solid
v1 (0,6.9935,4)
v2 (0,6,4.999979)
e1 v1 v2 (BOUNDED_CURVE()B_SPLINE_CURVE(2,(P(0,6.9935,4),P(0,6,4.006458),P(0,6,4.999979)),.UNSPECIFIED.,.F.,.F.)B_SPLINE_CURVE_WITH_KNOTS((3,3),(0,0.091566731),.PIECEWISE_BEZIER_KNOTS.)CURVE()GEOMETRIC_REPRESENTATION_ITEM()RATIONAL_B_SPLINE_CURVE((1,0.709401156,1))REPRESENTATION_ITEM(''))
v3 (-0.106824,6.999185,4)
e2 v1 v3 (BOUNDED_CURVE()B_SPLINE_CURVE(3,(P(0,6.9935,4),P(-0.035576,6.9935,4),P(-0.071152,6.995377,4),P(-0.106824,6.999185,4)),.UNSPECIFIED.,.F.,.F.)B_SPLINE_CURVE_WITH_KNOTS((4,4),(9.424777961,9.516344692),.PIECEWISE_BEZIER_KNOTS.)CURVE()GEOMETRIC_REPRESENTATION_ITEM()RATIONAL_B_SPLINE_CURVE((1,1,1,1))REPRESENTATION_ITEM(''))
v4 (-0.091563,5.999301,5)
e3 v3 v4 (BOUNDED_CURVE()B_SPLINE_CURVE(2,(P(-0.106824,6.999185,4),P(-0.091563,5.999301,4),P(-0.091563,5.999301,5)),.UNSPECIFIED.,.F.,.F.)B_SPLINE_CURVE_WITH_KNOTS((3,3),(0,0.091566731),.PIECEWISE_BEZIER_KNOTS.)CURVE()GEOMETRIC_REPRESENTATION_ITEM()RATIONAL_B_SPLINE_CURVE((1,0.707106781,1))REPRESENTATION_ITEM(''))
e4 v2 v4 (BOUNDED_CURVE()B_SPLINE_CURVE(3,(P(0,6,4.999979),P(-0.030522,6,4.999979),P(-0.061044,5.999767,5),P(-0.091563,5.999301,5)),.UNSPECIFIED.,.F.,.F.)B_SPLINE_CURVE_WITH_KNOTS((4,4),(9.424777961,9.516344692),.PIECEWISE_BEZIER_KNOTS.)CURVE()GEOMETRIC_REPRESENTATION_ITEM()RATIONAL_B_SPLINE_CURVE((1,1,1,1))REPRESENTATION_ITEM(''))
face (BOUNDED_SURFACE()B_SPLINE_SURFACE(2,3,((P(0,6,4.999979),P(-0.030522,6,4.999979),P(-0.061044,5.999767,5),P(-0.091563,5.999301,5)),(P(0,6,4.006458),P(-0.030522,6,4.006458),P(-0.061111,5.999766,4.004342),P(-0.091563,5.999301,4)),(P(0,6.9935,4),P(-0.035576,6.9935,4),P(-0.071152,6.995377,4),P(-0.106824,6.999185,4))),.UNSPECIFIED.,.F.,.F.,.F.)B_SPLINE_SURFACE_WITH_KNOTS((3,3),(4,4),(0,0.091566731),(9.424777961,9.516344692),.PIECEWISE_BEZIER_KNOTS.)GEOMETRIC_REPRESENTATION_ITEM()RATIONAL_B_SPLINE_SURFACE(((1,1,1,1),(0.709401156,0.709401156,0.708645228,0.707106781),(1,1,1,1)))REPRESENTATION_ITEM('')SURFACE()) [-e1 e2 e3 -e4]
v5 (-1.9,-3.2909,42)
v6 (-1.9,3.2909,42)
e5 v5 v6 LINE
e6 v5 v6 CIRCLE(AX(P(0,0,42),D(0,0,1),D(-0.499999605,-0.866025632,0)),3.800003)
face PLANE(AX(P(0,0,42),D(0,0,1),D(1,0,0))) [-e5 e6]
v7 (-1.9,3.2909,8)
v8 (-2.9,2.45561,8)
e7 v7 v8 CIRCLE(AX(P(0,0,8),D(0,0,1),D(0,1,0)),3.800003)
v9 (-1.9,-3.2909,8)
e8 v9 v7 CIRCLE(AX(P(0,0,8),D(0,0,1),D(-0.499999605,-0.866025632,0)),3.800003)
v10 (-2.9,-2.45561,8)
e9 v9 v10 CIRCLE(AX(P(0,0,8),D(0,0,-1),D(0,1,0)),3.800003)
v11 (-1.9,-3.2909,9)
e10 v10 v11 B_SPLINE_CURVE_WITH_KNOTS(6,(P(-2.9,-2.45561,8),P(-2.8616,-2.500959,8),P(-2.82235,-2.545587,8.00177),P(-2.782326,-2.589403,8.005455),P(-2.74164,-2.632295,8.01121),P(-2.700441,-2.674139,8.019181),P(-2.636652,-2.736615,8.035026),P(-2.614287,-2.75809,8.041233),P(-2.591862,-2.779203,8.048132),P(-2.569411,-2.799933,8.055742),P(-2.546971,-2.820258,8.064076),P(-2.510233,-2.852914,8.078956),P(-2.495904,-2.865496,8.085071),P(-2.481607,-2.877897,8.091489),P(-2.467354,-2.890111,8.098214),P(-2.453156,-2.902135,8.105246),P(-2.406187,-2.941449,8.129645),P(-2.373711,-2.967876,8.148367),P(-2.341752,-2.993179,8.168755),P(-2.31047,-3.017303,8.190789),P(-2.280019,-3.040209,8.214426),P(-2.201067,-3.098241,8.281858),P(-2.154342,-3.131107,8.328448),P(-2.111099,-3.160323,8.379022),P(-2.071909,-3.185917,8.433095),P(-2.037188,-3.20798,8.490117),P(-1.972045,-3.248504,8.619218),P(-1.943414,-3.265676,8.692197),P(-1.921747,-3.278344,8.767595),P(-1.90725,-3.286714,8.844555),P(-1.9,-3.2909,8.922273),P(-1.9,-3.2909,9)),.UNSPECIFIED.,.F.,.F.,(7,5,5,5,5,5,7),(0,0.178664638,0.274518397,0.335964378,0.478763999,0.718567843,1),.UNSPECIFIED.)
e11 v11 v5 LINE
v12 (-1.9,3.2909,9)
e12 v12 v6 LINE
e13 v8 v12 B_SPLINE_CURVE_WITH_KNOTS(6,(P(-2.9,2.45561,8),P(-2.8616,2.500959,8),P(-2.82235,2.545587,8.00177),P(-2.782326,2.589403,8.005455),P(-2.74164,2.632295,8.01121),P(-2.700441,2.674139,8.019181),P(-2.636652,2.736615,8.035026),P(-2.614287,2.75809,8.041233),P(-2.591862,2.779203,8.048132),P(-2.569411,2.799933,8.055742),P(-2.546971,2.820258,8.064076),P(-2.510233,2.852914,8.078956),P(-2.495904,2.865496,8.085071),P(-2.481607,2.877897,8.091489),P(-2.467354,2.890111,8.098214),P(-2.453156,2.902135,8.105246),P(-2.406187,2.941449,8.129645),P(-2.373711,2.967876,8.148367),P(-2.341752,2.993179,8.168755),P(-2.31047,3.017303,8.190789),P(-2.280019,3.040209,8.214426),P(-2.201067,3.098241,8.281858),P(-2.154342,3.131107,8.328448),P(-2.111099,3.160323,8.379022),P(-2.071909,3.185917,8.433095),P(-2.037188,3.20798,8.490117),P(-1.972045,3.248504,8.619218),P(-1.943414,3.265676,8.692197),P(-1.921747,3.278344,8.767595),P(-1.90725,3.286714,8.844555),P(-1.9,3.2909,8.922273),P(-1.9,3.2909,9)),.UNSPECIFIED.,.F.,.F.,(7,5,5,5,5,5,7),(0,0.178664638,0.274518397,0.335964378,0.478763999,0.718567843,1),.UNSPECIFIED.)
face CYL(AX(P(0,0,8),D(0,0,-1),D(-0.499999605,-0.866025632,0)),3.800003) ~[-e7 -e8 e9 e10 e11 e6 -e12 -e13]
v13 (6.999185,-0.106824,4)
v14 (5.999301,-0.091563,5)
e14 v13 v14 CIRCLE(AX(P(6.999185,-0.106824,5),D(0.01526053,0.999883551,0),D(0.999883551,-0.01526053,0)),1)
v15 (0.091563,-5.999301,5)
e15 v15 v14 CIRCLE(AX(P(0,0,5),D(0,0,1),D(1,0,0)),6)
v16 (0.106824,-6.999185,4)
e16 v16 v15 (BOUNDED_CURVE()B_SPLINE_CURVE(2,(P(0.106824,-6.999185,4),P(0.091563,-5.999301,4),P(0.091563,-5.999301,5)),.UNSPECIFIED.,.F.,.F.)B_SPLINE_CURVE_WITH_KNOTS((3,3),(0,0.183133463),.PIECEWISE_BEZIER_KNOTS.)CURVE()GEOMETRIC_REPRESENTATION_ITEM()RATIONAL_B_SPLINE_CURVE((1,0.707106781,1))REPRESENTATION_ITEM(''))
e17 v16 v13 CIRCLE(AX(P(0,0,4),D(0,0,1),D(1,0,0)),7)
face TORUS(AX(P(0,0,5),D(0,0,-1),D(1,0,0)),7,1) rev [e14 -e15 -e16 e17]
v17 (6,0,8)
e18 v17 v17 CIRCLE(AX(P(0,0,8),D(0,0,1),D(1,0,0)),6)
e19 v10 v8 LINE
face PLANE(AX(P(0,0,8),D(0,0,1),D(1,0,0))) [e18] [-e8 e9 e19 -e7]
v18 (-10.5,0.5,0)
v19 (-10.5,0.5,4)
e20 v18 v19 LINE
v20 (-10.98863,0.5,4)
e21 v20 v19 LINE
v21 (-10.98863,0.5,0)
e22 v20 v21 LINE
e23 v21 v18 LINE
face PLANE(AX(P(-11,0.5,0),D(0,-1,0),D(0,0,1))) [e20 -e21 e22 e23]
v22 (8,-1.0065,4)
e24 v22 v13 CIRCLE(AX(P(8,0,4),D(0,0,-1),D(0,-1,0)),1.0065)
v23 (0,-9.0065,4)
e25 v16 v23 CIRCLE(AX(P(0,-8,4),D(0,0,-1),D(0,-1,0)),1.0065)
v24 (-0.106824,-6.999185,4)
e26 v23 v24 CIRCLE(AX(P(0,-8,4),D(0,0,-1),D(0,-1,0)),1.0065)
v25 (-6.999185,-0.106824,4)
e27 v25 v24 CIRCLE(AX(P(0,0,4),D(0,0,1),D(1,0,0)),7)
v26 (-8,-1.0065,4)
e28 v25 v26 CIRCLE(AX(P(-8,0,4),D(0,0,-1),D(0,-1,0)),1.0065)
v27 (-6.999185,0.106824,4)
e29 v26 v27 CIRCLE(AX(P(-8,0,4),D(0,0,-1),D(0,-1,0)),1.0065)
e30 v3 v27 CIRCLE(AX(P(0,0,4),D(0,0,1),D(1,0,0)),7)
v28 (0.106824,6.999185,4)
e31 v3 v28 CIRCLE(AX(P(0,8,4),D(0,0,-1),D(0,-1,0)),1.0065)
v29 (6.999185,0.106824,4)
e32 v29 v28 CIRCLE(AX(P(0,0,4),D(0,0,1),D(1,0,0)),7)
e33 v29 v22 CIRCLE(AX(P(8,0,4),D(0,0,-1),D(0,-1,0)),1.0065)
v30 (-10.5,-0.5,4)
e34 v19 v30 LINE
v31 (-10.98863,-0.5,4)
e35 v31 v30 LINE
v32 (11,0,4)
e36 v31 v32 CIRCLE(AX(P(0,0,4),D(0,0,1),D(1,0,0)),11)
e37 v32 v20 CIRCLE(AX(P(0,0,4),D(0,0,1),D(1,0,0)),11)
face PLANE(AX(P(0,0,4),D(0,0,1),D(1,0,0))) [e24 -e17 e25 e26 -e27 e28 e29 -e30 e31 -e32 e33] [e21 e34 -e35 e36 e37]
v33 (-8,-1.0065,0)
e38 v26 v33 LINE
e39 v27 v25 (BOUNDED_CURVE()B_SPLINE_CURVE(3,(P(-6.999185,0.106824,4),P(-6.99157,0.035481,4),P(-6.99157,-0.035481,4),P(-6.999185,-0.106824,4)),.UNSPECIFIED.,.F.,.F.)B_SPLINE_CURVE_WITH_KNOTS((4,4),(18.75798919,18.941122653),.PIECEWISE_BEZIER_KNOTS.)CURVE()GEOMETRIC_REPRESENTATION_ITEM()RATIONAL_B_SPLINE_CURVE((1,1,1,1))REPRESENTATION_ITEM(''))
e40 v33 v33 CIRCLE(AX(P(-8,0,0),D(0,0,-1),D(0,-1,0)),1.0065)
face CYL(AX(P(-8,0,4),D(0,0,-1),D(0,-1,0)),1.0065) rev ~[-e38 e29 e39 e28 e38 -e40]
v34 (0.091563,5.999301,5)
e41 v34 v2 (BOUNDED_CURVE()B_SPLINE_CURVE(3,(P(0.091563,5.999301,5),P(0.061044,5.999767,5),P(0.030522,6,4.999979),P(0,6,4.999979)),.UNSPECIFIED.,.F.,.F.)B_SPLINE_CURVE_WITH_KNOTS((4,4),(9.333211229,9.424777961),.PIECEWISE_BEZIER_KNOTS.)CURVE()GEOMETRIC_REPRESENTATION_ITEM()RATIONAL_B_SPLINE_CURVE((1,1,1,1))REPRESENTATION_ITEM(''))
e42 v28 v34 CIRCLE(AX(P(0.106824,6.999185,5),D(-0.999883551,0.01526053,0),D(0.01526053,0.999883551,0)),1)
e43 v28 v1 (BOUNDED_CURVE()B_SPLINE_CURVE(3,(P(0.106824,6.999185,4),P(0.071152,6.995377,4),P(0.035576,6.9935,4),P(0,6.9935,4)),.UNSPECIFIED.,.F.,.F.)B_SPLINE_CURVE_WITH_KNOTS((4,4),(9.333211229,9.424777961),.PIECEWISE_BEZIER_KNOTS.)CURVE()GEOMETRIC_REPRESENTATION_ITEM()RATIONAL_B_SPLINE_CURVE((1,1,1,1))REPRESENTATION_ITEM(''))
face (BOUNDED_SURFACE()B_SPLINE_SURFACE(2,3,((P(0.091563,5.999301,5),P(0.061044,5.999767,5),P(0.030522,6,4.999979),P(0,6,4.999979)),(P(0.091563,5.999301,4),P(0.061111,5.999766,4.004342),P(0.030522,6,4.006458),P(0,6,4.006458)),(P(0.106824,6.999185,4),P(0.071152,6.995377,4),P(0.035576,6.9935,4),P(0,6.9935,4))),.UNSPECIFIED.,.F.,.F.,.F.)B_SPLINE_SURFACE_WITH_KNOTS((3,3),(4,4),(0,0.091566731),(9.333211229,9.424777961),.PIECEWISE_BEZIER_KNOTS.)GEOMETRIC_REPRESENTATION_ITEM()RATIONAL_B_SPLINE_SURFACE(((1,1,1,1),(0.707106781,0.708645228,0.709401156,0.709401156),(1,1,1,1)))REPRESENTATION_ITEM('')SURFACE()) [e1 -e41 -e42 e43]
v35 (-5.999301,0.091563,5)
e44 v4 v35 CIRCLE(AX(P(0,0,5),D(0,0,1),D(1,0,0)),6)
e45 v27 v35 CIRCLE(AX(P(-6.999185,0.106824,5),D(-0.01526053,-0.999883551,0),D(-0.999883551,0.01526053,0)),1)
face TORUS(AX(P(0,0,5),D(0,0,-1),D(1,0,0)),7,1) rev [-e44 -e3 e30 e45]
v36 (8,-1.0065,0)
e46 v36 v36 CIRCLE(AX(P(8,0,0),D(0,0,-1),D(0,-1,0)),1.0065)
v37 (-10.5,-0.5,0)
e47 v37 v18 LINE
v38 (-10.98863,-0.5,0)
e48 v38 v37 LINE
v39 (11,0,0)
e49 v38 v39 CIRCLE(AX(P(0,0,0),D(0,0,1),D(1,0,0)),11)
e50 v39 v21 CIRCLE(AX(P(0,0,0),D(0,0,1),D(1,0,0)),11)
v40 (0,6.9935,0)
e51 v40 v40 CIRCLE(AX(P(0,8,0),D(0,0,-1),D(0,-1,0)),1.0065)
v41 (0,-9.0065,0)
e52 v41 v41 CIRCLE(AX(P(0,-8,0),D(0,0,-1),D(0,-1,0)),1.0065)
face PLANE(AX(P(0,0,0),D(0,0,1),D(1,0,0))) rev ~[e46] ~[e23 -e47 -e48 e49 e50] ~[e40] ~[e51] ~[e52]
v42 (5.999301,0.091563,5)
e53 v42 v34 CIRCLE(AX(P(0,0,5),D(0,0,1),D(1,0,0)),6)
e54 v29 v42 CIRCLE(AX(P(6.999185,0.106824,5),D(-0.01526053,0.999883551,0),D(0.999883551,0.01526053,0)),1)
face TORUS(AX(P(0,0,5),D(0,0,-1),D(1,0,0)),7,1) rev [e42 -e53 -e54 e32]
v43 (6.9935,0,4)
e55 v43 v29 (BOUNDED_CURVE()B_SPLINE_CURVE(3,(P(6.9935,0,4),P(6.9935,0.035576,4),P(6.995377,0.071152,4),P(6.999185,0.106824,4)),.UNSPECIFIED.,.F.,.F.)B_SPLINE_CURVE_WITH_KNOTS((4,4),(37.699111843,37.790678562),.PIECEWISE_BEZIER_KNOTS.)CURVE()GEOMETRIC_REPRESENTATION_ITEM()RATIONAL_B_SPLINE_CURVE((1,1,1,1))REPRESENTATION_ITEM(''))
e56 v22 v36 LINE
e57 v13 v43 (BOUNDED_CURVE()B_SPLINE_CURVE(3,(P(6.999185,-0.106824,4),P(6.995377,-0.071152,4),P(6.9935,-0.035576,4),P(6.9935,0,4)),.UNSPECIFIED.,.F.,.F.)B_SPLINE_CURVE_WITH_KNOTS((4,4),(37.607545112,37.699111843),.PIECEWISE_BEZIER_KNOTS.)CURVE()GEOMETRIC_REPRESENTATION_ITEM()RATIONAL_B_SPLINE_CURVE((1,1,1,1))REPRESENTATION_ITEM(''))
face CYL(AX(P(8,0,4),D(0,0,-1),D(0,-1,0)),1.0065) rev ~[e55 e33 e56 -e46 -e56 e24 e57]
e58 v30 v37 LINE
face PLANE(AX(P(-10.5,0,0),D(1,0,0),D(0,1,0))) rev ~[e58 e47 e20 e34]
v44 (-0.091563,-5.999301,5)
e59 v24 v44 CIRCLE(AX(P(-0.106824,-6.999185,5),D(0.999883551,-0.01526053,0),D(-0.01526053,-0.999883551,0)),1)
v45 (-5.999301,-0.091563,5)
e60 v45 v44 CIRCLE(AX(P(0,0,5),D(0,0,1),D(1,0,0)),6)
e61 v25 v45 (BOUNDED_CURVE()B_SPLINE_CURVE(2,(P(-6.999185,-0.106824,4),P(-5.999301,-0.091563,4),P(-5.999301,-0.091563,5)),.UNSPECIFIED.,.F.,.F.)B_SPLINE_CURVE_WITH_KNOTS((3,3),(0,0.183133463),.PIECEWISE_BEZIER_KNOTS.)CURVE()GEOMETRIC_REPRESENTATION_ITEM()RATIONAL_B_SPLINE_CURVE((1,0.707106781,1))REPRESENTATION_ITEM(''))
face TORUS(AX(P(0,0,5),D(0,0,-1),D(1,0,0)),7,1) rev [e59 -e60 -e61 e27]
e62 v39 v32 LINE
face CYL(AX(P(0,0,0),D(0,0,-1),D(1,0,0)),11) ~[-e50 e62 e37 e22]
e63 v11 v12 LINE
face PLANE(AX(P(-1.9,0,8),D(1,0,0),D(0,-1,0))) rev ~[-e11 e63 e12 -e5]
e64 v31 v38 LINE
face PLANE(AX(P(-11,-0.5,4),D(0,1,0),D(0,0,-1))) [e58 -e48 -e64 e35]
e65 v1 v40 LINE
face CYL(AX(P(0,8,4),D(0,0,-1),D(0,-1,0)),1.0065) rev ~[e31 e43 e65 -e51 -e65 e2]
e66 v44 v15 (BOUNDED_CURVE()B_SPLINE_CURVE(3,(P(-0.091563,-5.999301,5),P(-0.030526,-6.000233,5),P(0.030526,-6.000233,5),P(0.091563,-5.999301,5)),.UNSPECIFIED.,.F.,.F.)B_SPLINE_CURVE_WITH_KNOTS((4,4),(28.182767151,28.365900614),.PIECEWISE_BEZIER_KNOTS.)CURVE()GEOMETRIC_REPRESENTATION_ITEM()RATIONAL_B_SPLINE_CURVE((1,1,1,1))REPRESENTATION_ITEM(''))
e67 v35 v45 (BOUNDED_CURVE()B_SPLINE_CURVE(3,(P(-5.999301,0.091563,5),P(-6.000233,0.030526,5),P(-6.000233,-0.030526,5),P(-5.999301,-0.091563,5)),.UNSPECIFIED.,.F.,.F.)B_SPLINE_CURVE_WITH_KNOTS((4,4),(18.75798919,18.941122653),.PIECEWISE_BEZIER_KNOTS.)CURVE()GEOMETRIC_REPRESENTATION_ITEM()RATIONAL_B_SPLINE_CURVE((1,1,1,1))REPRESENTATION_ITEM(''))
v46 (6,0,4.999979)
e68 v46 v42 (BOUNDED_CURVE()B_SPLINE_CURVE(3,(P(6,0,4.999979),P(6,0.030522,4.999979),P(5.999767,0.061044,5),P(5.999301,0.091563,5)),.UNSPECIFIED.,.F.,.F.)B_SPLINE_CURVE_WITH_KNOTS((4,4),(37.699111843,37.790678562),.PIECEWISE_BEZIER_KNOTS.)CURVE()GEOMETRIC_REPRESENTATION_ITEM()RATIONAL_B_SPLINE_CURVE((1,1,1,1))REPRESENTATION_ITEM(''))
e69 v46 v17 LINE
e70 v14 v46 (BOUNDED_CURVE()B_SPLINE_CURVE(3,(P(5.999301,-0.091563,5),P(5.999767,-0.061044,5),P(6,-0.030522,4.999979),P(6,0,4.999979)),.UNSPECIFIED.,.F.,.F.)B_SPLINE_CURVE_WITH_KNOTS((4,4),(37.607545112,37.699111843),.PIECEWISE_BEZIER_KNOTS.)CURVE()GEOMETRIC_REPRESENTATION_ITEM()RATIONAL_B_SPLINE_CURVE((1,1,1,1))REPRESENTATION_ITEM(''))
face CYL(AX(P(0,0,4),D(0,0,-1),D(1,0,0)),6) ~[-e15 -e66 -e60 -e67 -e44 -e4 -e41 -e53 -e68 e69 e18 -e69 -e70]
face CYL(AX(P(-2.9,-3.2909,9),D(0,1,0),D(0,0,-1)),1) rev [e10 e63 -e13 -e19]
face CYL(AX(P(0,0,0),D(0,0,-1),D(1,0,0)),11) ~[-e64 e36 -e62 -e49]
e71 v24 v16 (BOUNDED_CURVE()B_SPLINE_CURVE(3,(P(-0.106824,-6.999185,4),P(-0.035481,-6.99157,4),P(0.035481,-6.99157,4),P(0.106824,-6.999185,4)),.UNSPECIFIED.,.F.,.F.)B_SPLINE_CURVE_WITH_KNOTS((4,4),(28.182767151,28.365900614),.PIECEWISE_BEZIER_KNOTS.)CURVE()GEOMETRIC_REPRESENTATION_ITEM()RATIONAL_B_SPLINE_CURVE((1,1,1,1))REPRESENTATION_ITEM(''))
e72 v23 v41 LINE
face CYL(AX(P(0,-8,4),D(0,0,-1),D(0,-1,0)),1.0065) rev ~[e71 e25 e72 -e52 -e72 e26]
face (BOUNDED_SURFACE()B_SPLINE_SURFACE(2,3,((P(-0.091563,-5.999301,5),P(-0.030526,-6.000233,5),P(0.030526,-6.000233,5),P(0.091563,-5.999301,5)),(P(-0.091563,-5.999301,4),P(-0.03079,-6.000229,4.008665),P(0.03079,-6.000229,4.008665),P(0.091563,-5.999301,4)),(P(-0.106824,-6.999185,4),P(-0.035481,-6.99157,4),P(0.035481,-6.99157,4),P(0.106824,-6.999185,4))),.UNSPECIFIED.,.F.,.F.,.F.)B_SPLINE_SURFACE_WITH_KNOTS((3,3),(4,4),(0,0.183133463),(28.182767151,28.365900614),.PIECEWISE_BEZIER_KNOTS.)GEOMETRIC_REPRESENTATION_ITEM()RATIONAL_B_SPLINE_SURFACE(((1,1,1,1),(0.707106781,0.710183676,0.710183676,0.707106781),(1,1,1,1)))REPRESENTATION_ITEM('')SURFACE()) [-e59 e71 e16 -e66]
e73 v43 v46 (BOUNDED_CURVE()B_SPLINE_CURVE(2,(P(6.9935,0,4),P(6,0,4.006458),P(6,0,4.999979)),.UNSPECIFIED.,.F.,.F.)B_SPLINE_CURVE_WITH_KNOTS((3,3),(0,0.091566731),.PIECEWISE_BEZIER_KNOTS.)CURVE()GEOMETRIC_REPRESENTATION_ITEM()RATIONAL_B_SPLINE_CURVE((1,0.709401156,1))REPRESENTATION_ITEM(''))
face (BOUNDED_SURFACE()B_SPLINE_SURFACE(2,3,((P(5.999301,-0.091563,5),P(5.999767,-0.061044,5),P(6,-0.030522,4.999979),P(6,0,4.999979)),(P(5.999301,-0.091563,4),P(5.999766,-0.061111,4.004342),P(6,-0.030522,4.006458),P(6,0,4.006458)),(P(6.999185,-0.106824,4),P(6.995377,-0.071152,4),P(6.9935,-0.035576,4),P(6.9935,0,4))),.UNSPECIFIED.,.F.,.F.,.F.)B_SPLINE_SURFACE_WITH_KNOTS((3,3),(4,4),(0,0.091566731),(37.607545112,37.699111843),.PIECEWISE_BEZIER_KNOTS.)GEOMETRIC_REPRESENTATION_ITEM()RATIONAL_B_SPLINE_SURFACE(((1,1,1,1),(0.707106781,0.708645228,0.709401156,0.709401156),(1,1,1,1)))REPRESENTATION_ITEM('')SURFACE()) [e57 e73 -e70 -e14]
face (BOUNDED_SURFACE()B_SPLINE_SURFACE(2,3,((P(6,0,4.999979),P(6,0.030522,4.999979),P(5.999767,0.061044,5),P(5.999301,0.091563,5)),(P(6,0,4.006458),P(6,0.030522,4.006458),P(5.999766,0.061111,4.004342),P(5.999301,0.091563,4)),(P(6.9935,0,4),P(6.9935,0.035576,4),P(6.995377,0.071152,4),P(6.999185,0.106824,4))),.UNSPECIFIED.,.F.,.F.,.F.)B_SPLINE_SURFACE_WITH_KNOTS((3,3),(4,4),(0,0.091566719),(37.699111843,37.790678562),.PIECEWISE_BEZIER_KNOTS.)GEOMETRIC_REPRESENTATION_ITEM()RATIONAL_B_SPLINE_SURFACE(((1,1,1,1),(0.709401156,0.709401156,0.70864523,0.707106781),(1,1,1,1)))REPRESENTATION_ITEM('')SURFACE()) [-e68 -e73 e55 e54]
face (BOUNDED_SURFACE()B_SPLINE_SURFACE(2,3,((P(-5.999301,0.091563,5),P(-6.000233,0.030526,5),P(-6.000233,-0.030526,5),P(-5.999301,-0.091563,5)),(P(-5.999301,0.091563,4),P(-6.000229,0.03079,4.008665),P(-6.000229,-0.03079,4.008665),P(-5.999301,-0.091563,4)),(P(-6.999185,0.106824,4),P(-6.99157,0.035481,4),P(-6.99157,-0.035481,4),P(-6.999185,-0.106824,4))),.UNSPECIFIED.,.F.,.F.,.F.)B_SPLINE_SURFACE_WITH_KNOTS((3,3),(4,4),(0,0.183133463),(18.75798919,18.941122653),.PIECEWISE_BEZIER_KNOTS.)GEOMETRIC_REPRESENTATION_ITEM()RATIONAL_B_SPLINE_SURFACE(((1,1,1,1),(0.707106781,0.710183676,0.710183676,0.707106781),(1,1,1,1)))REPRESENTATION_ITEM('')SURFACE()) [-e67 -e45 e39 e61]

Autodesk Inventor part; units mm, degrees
ref_plane "XZ Plane" through (0, 0, 0) normal (0, 1, 0) x (-1, 0, 0)
ref_plane "XY Plane" through (0, 0, 0) normal (0, 0, 1) x (1, 0, 0)
sketch "Boceto1" plane through (0, 0, 0) normal (0, 0, 1) x (1, 0, 0)
  circle A0 centre (0, 0) radius 11
  dimension "DIAMETROBRIDA" = 22
extrude "Extrusión1" add sketch "Boceto1" along normal blind 4
sketch "Boceto2" plane through (0, 0, 4) normal (0, 0, 1) x (1, 0, 0)
  circle A0 centre (0, 8) radius 1.05
  circle A1 centre (-8, 0) radius 1.05
  circle A2 centre (8, 0) radius 1.05
  circle A3 centre (0, -8) radius 1.05
  circle A4 centre (0, 0) radius 11 projected
  dimension "d7" = 2.1
  dimension "d8" = 2.1
  dimension "d9" = 2.1
  dimension "d10" = 2.1
  dimension "DistanciaBarrenos" = 8
  dimension "d31" = 8
  dimension "d32" = 8
  dimension "d33" = 8
hole "Agujero1" at (0, 8, 4) at (-8, 0, 4) at (8, 0, 4) at (0, -8, 4) direction (0, 0, -1) diameter 2.013 end through all thread size "M2.5x0.45" class "6H" standard "ISO Metric profile"
sketch "Boceto3" plane through (0, 0, 4) normal (0, 0, 1) x (1, 0, 0)
  circle A0 centre (0, 0) radius 6
  dimension "DIAMETROBASE" = 12
extrude "Extrusión2" add sketch "Boceto3" along normal blind 4
sketch "Boceto4" plane through (0, 0, 8) normal (0, 0, 1) x (1, 0, 0)
  arc A0 (-1.9, -3.2909) -> (-1.9, 3.2909) centre (0, 0) ccw
  line L0 (0, 0) -> (-2, 0)
  line L1 (-1.9, 3.2909) -> (-1.9, -3.2909)
  circle A1 centre (0, 0) radius 6 projected
  dimension "DIAMETROEJE" = 7.6
  dimension "d29" = 1.9
  dimension "d38" = 2
extrude "Extrusión3" add sketch "Boceto4" along normal blind 34 contours L1 A0
ref_plane "Plano de trabajo1" through (-11, 0, 0) normal (1, 0, 0) x (0, 1, 0)
sketch "Boceto7" plane through (-11, 0, 0) normal (1, 0, 0) x (0, 1, 0)
  line L0 (0.5, 4) -> (-0.5, 4)
  line L1 (-0.5, 4) -> (-0.5, 0)
  line L2 (-0.5, 0) -> (0.5, 0)
  line L3 (0.5, 0) -> (0.5, 4)
  line L4 (0.5, 4) -> (-0.5, 0) construction
  line L5 (-0.5, 4) -> (0.5, 0) construction
  point P0 (0, 0)
  point P1 (0, 2)
  dimension "d34" = 1
  dimension "d35" = 4
extrude "Extrusión4" cut sketch "Boceto7" along normal blind 0.5
fillet "Empalme5" radius 1 2 edges at (-1.9, 0, 8) (-6, 0, 4)
equation "\"d8\" = d7"
equation "\"d9\" = d7"
equation "\"d10\" = d7"
equation "\"d31\" = DistanciaBarrenos"
equation "\"d32\" = DistanciaBarrenos"
equation "\"d33\" = DistanciaBarrenos"
equation "\"d29\" = 0.25 * DIAMETROEJE"
properties part number "BM-AX12" material "PETG"
